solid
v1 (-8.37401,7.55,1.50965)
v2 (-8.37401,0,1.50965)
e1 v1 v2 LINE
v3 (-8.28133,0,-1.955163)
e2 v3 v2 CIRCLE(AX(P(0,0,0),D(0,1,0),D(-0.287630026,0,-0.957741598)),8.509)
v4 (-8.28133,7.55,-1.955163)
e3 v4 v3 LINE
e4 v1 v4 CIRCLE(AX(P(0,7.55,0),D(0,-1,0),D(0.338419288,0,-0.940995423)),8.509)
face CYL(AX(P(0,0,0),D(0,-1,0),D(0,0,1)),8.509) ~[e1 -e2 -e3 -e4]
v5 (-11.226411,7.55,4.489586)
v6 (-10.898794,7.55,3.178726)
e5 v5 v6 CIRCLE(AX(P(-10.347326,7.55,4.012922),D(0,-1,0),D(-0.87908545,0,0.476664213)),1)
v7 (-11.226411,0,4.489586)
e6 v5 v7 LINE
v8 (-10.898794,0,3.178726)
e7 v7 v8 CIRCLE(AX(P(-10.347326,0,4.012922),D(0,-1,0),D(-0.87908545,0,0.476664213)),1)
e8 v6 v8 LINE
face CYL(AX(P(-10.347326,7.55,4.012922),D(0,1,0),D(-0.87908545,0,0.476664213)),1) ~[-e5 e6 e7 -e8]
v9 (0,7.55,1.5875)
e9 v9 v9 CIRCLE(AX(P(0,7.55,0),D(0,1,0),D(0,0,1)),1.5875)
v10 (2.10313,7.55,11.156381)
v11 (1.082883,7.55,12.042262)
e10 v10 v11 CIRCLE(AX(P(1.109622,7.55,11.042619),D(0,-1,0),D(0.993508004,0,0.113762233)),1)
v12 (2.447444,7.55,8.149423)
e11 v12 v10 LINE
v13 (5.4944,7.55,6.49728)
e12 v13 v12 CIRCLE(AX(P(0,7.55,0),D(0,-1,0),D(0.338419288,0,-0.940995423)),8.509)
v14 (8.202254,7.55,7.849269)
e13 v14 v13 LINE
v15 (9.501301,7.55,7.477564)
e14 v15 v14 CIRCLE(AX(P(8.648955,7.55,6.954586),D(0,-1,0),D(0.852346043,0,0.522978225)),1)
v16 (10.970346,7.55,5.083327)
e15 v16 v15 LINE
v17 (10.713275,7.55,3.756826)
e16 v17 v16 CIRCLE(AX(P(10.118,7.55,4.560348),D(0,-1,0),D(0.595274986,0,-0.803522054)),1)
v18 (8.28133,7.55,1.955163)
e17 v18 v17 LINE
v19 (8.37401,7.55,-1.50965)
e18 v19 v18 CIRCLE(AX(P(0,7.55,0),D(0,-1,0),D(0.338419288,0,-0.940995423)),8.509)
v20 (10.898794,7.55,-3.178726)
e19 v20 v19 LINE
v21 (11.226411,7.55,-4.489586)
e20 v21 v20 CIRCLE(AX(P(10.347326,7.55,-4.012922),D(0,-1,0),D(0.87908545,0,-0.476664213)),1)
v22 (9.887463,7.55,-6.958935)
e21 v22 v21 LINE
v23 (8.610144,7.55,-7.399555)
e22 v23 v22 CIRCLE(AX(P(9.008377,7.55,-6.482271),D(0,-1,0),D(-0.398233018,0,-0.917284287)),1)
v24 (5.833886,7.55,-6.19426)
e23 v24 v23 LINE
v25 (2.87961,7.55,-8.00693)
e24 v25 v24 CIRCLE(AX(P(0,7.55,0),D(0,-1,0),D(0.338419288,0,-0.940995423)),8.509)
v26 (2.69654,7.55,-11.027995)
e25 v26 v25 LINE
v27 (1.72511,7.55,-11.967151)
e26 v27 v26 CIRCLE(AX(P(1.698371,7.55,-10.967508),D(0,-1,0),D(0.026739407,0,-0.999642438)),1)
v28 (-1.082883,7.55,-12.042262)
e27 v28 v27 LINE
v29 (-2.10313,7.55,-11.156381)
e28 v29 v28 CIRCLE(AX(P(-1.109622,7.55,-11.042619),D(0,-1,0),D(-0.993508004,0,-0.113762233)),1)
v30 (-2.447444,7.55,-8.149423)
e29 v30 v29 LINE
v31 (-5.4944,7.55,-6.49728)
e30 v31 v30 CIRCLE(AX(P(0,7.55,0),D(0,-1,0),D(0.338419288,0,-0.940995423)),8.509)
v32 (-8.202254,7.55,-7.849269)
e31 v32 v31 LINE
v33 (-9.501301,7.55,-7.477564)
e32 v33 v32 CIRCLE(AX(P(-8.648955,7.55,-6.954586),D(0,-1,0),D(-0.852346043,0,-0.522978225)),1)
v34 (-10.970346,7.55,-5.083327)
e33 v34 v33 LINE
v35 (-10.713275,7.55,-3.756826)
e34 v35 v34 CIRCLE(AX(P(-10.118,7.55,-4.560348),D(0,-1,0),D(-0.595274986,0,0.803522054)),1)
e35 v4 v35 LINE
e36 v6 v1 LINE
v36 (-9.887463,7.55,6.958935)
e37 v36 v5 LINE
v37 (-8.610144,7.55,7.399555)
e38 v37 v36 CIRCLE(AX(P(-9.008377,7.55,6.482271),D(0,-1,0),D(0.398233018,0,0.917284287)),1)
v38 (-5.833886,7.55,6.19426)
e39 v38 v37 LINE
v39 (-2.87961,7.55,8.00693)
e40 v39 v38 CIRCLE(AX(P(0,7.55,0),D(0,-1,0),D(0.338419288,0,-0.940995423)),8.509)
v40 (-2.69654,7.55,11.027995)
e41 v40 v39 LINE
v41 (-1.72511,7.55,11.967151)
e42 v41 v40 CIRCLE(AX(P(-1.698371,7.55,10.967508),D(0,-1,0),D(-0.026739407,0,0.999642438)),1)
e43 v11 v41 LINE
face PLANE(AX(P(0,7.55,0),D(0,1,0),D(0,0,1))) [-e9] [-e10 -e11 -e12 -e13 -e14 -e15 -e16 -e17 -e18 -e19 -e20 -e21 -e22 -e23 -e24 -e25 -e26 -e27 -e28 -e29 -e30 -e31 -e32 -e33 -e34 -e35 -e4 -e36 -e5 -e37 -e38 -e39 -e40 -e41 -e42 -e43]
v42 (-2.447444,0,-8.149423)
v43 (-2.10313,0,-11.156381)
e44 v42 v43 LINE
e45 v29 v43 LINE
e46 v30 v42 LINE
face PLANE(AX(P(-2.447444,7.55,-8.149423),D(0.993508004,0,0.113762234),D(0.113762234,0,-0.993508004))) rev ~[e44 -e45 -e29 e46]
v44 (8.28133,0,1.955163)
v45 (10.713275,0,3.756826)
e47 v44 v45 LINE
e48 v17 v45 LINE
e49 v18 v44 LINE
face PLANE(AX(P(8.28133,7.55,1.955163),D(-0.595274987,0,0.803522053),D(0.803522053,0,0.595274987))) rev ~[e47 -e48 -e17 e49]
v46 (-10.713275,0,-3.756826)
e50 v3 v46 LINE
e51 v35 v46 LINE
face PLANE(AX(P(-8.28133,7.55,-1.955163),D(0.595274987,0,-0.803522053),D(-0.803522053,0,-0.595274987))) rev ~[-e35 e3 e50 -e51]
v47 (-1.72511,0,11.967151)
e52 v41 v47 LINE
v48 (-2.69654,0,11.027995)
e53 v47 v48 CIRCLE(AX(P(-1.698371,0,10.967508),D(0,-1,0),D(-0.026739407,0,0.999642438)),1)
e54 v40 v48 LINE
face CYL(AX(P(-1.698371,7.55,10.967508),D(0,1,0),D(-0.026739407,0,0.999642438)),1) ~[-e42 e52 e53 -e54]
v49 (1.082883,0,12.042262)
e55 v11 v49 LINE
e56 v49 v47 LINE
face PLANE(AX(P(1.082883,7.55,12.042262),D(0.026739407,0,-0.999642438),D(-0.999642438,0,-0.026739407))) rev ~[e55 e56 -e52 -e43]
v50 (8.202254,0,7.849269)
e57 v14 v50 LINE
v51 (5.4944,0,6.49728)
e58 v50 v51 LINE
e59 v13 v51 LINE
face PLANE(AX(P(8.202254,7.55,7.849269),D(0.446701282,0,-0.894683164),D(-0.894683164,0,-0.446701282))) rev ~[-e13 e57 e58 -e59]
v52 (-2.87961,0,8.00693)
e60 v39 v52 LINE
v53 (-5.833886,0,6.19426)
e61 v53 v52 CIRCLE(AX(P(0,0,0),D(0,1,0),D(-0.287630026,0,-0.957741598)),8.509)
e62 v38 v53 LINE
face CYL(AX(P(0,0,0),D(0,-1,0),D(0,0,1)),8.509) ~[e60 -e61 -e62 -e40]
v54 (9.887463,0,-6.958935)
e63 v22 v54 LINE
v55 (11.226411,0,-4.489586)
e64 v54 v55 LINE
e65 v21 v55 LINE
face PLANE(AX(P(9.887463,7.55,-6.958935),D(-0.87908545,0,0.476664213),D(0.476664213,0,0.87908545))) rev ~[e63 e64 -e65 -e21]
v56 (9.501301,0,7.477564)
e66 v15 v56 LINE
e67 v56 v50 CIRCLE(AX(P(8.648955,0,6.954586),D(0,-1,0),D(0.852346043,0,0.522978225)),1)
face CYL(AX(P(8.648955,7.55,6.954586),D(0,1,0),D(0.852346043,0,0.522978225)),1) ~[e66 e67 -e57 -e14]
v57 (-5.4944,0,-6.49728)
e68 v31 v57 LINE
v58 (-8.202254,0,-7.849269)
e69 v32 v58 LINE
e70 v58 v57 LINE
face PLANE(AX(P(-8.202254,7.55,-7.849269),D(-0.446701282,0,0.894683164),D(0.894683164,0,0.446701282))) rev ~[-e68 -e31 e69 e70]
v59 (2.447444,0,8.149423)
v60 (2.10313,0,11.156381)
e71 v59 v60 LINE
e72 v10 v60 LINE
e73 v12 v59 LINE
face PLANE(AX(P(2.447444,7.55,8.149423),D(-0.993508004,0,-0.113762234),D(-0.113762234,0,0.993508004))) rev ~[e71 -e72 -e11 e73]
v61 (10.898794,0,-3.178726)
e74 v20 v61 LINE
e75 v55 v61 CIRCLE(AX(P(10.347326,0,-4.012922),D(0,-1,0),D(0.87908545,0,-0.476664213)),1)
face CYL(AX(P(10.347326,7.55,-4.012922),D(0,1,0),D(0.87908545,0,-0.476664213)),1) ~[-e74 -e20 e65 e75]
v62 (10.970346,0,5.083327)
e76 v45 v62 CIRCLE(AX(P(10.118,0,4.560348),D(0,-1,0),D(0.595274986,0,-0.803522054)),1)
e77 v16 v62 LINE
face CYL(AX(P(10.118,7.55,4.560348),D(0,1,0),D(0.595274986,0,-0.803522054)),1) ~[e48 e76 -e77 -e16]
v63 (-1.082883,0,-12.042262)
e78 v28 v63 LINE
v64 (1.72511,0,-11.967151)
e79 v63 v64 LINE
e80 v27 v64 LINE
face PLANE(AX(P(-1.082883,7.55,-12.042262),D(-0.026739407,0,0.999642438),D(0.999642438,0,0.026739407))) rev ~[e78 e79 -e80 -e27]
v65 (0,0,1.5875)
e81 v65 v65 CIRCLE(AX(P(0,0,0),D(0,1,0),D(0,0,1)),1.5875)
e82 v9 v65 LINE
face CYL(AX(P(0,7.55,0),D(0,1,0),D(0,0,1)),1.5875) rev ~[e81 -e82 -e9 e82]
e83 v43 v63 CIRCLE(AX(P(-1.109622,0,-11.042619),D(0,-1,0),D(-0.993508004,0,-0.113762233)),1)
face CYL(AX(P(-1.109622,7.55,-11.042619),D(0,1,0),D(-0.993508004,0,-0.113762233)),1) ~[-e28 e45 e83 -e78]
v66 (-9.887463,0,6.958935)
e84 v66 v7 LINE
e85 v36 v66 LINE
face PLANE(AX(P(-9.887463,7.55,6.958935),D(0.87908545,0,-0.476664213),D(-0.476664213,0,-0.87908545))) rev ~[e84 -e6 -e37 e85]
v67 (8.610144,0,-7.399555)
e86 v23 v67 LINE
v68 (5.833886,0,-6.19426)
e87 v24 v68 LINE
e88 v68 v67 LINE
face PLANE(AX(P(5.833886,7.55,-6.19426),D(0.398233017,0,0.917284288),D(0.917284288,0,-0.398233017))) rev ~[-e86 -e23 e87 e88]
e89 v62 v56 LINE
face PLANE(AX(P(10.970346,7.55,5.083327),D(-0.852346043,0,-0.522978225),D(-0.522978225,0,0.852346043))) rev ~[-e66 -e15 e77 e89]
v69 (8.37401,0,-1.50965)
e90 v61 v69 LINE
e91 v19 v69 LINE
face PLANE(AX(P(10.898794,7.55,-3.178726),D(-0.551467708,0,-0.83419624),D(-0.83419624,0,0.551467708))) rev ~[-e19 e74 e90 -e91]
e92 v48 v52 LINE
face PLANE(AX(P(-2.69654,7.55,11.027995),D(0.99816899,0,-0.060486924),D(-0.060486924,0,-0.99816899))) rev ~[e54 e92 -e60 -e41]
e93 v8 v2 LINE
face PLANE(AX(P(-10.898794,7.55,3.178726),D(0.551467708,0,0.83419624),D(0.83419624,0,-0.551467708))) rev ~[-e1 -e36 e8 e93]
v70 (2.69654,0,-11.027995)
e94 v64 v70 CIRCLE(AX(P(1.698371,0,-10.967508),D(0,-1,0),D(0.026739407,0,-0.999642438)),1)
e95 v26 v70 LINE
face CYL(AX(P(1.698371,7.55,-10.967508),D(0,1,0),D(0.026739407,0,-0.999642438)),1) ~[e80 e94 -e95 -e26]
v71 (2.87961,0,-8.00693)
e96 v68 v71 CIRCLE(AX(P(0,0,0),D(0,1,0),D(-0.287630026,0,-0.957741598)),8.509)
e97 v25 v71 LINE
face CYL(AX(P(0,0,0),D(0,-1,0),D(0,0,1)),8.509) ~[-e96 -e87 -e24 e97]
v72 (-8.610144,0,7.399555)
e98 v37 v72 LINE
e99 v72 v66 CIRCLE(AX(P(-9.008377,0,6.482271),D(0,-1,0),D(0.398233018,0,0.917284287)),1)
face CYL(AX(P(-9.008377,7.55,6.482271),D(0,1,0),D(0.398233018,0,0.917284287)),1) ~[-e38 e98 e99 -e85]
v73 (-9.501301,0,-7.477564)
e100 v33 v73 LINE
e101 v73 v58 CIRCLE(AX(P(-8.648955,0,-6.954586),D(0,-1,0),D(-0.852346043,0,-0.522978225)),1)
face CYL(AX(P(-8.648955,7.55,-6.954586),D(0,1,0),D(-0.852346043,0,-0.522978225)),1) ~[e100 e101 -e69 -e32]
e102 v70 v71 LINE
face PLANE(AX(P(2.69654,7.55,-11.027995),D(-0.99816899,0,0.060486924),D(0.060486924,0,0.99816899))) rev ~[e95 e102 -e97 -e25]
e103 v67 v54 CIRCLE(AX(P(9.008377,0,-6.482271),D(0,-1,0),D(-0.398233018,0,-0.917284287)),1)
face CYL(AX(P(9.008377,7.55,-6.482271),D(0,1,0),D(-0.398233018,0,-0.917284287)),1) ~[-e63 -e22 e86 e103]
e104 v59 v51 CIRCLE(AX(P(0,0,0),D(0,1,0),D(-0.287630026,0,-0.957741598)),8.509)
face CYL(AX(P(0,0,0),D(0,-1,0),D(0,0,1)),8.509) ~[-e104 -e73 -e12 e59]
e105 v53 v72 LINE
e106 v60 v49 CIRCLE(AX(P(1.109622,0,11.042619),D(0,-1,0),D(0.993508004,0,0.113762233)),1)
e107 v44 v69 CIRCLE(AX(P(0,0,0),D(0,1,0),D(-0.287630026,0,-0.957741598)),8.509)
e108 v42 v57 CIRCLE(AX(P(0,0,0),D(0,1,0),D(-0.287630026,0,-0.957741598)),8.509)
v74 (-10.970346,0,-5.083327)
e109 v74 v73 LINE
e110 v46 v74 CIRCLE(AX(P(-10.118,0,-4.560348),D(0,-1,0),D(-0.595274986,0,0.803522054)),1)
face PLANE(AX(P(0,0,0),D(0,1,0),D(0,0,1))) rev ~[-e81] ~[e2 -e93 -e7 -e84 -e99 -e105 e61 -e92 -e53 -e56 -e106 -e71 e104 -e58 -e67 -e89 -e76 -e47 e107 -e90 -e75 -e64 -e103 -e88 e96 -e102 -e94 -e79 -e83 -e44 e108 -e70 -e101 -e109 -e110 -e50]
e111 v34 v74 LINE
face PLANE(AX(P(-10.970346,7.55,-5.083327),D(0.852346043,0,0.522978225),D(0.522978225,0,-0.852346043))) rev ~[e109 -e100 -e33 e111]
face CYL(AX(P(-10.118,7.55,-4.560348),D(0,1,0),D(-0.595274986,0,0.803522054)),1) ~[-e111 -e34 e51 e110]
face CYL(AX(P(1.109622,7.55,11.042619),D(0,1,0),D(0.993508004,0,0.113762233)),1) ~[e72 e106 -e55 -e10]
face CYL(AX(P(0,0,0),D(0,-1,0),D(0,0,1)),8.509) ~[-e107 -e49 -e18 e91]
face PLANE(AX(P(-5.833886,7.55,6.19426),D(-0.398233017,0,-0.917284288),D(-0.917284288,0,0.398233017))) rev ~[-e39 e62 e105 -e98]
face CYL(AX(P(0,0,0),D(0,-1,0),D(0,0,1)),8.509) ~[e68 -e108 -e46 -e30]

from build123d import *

# Parameters (mm, degrees)
SKETCH1_R           = 8.509
BOSS_EXTRUDE1_DEPTH = 7.55
SKETCH2_R           = 1.5875
CUT_EXTRUDE1_DEPTH  = 15.205937561
BOSS_EXTRUDE2_DEPTH = 7.55
CIRPATTERN1_COUNT   = 6


with BuildPart() as part:
    # Sketch1 → Boss-Extrude1 (new body)
    with BuildSketch(Plane(origin=(0, 0, 0), x_dir=(1, 0, 0), z_dir=(0, 1, 0))):
        with Locations(Location((0, 0, 0), (0, 0, 270))):
            Circle(SKETCH1_R)
    extrude(amount=BOSS_EXTRUDE1_DEPTH)

    # Sketch2 → Cut-Extrude1 (cut, through all)
    with BuildSketch(Plane(origin=(0, 7.55, 0), x_dir=(1, 0, 0), z_dir=(0, 1, 0))):
        with Locations(Location((0, 0, 0), (0, 0, 270))):
            Circle(SKETCH2_R)
    extrude(amount=-CUT_EXTRUDE1_DEPTH, mode=Mode.SUBTRACT)

    # Sketch3 → Boss-Extrude2 (add, through all)
    with BuildSketch(Plane(origin=(0, 7.55, 0), x_dir=(1, 0, 0), z_dir=(0, 1, 0))):
        with BuildLine():
            Line((-1.082882935, 12.042261501), (1.725110007, 11.967150578))
            ThreePointArc((1.725110007, 11.967150578), (2.393433601, 11.686456973), (2.69653959, 11.027995064))
            Line((2.69653959, 11.027995064), (2.879609723, 8.006930051))
            ThreePointArc((2.879609723, 8.006930051), (0.227525612, 8.505957506), (-2.447443894, 8.149423255))
            Line((-2.447443894, 8.149423255), (-2.103130346, 11.156381297))
            ThreePointArc((-2.103130346, 11.156381297), (-1.765256626, 11.797697659), (-1.082882935, 12.042261501))
        make_face()
    boss_extrude2 = extrude(amount=-BOSS_EXTRUDE2_DEPTH)

    # CirPattern1: Boss-Extrude2 ×6 about axis
    cirpattern1_axis = Axis((0, 0, 0), (0, 1, 0))
    for i in range(1, CIRPATTERN1_COUNT):
        add(boss_extrude2.rotate(cirpattern1_axis, i * 360 / CIRPATTERN1_COUNT))


solid = part.part
